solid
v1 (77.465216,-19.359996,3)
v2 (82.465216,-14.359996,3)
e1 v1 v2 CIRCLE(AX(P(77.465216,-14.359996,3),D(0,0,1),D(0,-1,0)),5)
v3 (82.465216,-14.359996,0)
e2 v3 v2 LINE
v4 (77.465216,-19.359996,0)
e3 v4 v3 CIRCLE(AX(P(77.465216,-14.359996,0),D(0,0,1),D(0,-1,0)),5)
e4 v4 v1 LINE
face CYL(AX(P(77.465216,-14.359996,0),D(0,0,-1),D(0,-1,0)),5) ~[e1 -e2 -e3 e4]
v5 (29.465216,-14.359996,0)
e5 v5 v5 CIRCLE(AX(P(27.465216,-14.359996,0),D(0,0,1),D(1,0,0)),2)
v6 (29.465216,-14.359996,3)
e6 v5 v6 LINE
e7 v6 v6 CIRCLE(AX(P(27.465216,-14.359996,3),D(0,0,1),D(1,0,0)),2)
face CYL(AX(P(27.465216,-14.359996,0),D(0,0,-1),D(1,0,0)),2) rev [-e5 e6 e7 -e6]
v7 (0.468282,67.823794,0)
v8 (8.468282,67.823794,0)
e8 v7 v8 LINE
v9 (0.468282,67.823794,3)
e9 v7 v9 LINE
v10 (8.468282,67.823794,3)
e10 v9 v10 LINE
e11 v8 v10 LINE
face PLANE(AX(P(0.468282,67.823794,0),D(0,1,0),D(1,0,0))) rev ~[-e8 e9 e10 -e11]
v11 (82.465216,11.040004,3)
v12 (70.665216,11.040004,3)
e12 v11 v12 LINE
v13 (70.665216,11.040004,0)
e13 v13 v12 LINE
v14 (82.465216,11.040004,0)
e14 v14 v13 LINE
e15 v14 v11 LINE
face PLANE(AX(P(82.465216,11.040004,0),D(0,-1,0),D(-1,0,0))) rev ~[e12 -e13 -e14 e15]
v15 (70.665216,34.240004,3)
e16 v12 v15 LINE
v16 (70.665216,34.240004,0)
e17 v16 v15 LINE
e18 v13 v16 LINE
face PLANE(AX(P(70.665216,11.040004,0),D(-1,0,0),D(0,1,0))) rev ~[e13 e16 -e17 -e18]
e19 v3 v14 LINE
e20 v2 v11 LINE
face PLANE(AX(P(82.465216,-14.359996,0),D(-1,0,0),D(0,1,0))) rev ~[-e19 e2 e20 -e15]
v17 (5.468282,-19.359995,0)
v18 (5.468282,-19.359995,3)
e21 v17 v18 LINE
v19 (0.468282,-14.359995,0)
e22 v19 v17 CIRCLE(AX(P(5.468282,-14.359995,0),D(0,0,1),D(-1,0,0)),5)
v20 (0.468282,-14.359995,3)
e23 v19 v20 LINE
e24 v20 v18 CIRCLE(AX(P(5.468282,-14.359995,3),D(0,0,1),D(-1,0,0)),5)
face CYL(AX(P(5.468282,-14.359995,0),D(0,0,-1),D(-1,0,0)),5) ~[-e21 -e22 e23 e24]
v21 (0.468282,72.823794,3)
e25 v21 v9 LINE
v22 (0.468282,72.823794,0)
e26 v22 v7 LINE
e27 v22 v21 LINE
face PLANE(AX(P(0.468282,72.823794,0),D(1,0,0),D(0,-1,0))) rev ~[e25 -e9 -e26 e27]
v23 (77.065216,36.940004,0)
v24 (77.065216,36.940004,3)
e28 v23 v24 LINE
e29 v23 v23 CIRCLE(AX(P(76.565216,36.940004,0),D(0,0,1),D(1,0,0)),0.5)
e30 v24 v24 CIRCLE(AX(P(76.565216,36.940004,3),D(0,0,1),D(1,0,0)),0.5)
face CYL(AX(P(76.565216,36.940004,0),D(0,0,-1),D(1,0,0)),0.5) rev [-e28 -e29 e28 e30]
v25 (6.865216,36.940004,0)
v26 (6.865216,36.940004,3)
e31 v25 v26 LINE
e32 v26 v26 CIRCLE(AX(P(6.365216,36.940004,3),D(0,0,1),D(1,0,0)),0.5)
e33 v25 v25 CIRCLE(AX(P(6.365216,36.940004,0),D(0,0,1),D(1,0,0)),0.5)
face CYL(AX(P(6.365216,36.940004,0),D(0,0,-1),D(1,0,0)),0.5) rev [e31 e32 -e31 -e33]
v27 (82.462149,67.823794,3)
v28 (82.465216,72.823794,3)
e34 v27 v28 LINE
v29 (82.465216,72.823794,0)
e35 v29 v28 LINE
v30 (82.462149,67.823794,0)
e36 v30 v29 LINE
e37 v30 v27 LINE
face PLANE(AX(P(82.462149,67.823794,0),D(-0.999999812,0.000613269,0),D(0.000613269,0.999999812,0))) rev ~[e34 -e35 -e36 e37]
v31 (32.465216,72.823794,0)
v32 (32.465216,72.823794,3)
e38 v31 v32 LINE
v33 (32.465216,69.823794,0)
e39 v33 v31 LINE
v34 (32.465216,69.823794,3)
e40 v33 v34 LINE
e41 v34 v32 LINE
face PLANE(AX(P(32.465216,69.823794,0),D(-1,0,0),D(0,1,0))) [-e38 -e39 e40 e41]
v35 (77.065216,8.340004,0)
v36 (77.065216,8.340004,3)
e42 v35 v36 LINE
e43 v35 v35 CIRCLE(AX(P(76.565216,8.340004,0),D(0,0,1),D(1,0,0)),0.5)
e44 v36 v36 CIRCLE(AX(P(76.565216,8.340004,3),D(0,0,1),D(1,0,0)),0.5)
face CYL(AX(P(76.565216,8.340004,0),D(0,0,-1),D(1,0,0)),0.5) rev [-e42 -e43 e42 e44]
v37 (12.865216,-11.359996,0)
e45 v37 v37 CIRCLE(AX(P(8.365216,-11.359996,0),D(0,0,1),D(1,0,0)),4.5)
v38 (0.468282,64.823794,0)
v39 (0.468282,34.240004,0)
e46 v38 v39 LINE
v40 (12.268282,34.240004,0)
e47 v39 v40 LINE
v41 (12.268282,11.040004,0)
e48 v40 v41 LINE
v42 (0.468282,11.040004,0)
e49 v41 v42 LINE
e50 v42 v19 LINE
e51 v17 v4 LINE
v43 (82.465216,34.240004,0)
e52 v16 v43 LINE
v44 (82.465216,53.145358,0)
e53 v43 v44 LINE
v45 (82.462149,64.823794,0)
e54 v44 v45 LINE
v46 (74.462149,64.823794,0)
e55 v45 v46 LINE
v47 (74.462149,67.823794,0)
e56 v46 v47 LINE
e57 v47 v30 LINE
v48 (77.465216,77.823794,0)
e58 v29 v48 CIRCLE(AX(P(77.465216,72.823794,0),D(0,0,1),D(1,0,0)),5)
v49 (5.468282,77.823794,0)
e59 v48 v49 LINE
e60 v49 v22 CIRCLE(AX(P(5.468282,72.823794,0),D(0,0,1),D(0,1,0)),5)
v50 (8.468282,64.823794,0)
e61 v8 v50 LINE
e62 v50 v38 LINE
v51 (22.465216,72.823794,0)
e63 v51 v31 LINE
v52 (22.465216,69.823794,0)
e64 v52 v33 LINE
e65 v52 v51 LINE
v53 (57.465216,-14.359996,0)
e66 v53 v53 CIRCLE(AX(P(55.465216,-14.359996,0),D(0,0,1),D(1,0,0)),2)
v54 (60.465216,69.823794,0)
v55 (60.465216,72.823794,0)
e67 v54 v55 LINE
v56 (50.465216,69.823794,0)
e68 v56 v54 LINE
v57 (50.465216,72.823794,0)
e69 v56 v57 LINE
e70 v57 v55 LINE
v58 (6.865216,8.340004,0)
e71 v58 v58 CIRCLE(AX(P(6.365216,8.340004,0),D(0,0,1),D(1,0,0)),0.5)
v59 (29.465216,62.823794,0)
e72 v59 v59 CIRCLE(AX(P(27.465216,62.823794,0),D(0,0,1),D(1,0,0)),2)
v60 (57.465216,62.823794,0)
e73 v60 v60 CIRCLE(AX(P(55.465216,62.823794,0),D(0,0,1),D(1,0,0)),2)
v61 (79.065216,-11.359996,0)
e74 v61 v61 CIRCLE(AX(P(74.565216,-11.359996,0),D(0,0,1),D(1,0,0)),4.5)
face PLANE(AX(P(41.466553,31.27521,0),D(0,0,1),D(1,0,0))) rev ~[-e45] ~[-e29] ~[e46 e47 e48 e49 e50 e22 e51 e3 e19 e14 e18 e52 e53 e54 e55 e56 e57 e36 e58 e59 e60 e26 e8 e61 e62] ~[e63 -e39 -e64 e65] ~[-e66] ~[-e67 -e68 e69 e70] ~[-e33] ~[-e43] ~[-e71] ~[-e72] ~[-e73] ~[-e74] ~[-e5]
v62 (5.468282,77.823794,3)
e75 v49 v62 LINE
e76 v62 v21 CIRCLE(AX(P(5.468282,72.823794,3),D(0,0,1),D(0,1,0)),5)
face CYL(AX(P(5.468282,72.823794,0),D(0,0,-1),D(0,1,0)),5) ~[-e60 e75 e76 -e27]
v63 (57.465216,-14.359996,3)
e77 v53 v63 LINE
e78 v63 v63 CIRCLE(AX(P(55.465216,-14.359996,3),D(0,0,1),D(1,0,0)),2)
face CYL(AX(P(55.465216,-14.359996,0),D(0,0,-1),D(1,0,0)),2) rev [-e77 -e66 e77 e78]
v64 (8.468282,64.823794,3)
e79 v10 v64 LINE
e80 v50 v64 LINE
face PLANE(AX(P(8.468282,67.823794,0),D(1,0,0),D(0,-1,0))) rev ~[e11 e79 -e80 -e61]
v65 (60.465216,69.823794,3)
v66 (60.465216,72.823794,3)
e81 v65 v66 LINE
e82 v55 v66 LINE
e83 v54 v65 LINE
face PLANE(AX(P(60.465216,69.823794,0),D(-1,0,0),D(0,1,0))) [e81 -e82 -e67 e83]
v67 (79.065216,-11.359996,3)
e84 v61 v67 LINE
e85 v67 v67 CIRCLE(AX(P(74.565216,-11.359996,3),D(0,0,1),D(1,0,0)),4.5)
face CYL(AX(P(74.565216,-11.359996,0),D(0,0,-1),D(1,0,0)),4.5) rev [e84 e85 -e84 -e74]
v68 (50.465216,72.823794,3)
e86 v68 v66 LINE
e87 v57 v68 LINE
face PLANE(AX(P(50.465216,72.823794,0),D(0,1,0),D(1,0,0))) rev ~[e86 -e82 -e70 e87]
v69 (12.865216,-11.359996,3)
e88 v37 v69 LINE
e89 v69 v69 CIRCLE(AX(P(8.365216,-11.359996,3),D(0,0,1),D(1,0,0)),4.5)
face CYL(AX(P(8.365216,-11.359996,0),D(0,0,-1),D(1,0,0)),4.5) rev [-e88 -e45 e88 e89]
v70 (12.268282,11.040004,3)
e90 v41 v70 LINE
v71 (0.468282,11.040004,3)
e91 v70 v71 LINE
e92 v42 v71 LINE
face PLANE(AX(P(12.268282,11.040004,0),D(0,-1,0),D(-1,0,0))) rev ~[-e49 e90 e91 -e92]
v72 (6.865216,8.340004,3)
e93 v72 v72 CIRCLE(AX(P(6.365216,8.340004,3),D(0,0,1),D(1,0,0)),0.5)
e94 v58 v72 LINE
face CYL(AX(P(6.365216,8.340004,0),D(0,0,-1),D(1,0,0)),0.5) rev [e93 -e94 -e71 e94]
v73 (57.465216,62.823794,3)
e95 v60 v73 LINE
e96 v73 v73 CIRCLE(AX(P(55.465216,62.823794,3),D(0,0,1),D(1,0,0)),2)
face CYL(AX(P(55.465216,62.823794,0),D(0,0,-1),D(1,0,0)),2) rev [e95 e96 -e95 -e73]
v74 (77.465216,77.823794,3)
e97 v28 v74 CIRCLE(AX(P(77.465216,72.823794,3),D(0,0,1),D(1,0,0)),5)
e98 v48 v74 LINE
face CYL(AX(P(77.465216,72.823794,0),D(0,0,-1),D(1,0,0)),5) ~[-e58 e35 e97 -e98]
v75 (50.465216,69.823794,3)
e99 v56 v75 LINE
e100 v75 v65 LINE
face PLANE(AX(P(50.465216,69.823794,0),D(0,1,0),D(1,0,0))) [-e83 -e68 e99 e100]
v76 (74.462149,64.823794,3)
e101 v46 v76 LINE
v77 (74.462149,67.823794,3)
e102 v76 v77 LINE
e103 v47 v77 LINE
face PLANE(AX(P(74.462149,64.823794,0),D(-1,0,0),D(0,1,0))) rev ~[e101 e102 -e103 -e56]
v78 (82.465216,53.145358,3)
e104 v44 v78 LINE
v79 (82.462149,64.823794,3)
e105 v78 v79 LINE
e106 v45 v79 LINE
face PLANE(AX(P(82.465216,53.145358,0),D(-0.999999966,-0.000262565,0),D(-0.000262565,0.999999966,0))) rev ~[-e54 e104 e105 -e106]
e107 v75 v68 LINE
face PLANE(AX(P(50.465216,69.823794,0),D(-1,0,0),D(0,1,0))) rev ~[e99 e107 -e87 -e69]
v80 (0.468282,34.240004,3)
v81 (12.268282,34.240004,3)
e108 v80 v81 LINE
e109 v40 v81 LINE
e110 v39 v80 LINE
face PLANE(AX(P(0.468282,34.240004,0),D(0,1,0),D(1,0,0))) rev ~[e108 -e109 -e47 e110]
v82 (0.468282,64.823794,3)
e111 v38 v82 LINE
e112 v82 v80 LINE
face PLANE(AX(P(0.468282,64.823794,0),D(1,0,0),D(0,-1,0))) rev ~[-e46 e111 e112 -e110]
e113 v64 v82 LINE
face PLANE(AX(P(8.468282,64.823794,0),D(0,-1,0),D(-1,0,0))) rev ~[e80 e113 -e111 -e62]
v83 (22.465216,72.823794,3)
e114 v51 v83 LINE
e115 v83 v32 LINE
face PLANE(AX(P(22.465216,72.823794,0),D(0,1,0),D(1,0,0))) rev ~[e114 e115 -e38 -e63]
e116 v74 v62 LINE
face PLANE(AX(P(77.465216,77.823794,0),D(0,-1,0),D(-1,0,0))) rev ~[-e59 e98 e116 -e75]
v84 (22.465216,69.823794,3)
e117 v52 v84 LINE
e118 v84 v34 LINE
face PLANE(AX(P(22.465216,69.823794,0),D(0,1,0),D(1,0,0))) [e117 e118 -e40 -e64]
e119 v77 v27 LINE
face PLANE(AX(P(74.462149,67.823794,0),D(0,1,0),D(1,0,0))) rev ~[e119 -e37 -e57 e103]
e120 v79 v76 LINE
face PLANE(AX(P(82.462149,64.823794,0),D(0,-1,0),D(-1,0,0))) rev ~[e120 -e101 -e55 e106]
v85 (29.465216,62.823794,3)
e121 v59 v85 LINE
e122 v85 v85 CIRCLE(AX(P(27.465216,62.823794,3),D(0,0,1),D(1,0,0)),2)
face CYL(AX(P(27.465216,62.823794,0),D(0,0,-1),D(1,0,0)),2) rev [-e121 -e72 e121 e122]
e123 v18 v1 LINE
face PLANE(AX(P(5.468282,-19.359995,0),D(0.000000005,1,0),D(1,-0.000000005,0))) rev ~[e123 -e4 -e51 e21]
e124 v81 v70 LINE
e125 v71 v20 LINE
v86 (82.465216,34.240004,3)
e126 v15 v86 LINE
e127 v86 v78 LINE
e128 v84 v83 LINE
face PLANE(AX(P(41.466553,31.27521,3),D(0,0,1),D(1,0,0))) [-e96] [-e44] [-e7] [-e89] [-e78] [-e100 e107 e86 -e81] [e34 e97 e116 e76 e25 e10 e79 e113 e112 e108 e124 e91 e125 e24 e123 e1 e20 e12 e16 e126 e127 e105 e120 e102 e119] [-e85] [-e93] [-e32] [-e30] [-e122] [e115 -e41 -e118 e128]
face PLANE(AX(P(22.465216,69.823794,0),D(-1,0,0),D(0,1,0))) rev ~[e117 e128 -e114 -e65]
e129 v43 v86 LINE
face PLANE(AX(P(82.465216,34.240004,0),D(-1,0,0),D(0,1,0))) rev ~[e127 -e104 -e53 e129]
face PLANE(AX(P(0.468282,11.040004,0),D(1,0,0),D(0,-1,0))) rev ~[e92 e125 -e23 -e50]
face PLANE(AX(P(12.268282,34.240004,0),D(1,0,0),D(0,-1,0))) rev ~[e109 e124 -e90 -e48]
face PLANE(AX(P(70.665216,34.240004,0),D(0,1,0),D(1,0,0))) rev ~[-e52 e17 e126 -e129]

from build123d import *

# Parameters (mm, degrees)
MODEL_R                 = 2
MODEL_R_2               = 4.5
MODEL_R_3               = 0.5
MODEL_W                 = 10
MODEL_H                 = 3
SALIENTE_EXTRUIR1_DEPTH = 3


with BuildPart() as part:
    # Model → Saliente-Extruir1 (new body)
    with BuildSketch(Plane.XY):
        with BuildLine():
            Line((0.468281908, 11.04000444), (0.468281908, -14.359995173))
            ThreePointArc((0.468281908, -14.359995173), (1.932748002, -17.895529078), (5.468281908, -19.359995173))
            Line((5.468281908, -19.359995173), (77.465215563, -19.35999556))
            ThreePointArc((77.465215563, -19.35999556), (81.000749469, -17.895529466), (82.465215563, -14.35999556))
            Line((82.465215563, -14.35999556), (82.465215563, -9.05498571))
            Line((82.465215563, -9.05498571), (82.465215563, 11.04000444))
            Line((82.465215563, 11.04000444), (70.665215563, 11.04000444))
            Line((70.665215563, 11.04000444), (70.665215563, 34.24000444))
            Line((70.665215563, 34.24000444), (82.465215563, 34.24000444))
            Line((82.465215563, 34.24000444), (82.465215563, 53.145358109))
            Line((82.465215563, 53.145358109), (82.462149219, 64.823793593))
            Line((82.462149219, 64.823793593), (74.462149219, 64.823793593))
            Line((74.462149219, 64.823793593), (74.462149219, 67.823793593))
            Line((74.462149219, 67.823793593), (82.462149219, 67.823793593))
            Line((82.462149219, 67.823793593), (82.465215563, 72.823793593))
            ThreePointArc((82.465215563, 72.823793593), (81.000749469, 76.359327499), (77.465215563, 77.823793593))
            Line((77.465215563, 77.823793593), (67.948183059, 77.823793593))
            Line((67.948183059, 77.823793593), (45.205743308, 77.823793593))
            Line((45.205743308, 77.823793593), (23.093632519, 77.823793593))
            Line((23.093632519, 77.823793593), (11.942122032, 77.823793593))
            Line((11.942122032, 77.823793593), (5.468281908, 77.823793593))
            ThreePointArc((5.468281908, 77.823793593), (1.932748002, 76.359327499), (0.468281908, 72.823793593))
            Line((0.468281908, 72.823793593), (0.468281908, 67.823793593))
            Line((0.468281908, 67.823793593), (8.468281908, 67.823793593))
            Line((8.468281908, 67.823793593), (8.468281908, 64.823793593))
            Line((8.468281908, 64.823793593), (0.468281908, 64.823793593))
            Line((0.468281908, 64.823793593), (0.468281908, 34.24000444))
            Line((0.468281908, 34.24000444), (12.268281908, 34.24000444))
            Line((12.268281908, 34.24000444), (12.268281908, 11.04000444))
            Line((12.268281908, 11.04000444), (0.468281908, 11.04000444))
        make_face()
        with Locations((55.465215563, 62.823793593)):
            Circle(MODEL_R, mode=Mode.SUBTRACT)
        with Locations((27.465215563, 62.823793593)):
            Circle(MODEL_R, mode=Mode.SUBTRACT)
        with Locations((55.465215563, -14.35999556)):
            Circle(MODEL_R, mode=Mode.SUBTRACT)
        with Locations((27.465215563, -14.35999556)):
            Circle(MODEL_R, mode=Mode.SUBTRACT)
        with Locations((74.565215563, -11.35999556)):
            Circle(MODEL_R_2, mode=Mode.SUBTRACT)
        with Locations((8.365215563, -11.35999556)):
            Circle(MODEL_R_2, mode=Mode.SUBTRACT)
        with Locations((6.365215563, 8.34000444)):
            Circle(MODEL_R_3, mode=Mode.SUBTRACT)
        with Locations((6.365215563, 36.94000444)):
            Circle(MODEL_R_3, mode=Mode.SUBTRACT)
        with Locations((76.565215563, 8.34000444)):
            Circle(MODEL_R_3, mode=Mode.SUBTRACT)
        with Locations((76.565215563, 36.94000444)):
            Circle(MODEL_R_3, mode=Mode.SUBTRACT)
        with Locations((55.465215563, 71.323793593)):
            Rectangle(MODEL_W, MODEL_H, mode=Mode.SUBTRACT)
        with Locations((27.465215563, 71.323793593)):
            Rectangle(MODEL_W, MODEL_H, mode=Mode.SUBTRACT)
    extrude(amount=SALIENTE_EXTRUIR1_DEPTH)


solid = part.part
